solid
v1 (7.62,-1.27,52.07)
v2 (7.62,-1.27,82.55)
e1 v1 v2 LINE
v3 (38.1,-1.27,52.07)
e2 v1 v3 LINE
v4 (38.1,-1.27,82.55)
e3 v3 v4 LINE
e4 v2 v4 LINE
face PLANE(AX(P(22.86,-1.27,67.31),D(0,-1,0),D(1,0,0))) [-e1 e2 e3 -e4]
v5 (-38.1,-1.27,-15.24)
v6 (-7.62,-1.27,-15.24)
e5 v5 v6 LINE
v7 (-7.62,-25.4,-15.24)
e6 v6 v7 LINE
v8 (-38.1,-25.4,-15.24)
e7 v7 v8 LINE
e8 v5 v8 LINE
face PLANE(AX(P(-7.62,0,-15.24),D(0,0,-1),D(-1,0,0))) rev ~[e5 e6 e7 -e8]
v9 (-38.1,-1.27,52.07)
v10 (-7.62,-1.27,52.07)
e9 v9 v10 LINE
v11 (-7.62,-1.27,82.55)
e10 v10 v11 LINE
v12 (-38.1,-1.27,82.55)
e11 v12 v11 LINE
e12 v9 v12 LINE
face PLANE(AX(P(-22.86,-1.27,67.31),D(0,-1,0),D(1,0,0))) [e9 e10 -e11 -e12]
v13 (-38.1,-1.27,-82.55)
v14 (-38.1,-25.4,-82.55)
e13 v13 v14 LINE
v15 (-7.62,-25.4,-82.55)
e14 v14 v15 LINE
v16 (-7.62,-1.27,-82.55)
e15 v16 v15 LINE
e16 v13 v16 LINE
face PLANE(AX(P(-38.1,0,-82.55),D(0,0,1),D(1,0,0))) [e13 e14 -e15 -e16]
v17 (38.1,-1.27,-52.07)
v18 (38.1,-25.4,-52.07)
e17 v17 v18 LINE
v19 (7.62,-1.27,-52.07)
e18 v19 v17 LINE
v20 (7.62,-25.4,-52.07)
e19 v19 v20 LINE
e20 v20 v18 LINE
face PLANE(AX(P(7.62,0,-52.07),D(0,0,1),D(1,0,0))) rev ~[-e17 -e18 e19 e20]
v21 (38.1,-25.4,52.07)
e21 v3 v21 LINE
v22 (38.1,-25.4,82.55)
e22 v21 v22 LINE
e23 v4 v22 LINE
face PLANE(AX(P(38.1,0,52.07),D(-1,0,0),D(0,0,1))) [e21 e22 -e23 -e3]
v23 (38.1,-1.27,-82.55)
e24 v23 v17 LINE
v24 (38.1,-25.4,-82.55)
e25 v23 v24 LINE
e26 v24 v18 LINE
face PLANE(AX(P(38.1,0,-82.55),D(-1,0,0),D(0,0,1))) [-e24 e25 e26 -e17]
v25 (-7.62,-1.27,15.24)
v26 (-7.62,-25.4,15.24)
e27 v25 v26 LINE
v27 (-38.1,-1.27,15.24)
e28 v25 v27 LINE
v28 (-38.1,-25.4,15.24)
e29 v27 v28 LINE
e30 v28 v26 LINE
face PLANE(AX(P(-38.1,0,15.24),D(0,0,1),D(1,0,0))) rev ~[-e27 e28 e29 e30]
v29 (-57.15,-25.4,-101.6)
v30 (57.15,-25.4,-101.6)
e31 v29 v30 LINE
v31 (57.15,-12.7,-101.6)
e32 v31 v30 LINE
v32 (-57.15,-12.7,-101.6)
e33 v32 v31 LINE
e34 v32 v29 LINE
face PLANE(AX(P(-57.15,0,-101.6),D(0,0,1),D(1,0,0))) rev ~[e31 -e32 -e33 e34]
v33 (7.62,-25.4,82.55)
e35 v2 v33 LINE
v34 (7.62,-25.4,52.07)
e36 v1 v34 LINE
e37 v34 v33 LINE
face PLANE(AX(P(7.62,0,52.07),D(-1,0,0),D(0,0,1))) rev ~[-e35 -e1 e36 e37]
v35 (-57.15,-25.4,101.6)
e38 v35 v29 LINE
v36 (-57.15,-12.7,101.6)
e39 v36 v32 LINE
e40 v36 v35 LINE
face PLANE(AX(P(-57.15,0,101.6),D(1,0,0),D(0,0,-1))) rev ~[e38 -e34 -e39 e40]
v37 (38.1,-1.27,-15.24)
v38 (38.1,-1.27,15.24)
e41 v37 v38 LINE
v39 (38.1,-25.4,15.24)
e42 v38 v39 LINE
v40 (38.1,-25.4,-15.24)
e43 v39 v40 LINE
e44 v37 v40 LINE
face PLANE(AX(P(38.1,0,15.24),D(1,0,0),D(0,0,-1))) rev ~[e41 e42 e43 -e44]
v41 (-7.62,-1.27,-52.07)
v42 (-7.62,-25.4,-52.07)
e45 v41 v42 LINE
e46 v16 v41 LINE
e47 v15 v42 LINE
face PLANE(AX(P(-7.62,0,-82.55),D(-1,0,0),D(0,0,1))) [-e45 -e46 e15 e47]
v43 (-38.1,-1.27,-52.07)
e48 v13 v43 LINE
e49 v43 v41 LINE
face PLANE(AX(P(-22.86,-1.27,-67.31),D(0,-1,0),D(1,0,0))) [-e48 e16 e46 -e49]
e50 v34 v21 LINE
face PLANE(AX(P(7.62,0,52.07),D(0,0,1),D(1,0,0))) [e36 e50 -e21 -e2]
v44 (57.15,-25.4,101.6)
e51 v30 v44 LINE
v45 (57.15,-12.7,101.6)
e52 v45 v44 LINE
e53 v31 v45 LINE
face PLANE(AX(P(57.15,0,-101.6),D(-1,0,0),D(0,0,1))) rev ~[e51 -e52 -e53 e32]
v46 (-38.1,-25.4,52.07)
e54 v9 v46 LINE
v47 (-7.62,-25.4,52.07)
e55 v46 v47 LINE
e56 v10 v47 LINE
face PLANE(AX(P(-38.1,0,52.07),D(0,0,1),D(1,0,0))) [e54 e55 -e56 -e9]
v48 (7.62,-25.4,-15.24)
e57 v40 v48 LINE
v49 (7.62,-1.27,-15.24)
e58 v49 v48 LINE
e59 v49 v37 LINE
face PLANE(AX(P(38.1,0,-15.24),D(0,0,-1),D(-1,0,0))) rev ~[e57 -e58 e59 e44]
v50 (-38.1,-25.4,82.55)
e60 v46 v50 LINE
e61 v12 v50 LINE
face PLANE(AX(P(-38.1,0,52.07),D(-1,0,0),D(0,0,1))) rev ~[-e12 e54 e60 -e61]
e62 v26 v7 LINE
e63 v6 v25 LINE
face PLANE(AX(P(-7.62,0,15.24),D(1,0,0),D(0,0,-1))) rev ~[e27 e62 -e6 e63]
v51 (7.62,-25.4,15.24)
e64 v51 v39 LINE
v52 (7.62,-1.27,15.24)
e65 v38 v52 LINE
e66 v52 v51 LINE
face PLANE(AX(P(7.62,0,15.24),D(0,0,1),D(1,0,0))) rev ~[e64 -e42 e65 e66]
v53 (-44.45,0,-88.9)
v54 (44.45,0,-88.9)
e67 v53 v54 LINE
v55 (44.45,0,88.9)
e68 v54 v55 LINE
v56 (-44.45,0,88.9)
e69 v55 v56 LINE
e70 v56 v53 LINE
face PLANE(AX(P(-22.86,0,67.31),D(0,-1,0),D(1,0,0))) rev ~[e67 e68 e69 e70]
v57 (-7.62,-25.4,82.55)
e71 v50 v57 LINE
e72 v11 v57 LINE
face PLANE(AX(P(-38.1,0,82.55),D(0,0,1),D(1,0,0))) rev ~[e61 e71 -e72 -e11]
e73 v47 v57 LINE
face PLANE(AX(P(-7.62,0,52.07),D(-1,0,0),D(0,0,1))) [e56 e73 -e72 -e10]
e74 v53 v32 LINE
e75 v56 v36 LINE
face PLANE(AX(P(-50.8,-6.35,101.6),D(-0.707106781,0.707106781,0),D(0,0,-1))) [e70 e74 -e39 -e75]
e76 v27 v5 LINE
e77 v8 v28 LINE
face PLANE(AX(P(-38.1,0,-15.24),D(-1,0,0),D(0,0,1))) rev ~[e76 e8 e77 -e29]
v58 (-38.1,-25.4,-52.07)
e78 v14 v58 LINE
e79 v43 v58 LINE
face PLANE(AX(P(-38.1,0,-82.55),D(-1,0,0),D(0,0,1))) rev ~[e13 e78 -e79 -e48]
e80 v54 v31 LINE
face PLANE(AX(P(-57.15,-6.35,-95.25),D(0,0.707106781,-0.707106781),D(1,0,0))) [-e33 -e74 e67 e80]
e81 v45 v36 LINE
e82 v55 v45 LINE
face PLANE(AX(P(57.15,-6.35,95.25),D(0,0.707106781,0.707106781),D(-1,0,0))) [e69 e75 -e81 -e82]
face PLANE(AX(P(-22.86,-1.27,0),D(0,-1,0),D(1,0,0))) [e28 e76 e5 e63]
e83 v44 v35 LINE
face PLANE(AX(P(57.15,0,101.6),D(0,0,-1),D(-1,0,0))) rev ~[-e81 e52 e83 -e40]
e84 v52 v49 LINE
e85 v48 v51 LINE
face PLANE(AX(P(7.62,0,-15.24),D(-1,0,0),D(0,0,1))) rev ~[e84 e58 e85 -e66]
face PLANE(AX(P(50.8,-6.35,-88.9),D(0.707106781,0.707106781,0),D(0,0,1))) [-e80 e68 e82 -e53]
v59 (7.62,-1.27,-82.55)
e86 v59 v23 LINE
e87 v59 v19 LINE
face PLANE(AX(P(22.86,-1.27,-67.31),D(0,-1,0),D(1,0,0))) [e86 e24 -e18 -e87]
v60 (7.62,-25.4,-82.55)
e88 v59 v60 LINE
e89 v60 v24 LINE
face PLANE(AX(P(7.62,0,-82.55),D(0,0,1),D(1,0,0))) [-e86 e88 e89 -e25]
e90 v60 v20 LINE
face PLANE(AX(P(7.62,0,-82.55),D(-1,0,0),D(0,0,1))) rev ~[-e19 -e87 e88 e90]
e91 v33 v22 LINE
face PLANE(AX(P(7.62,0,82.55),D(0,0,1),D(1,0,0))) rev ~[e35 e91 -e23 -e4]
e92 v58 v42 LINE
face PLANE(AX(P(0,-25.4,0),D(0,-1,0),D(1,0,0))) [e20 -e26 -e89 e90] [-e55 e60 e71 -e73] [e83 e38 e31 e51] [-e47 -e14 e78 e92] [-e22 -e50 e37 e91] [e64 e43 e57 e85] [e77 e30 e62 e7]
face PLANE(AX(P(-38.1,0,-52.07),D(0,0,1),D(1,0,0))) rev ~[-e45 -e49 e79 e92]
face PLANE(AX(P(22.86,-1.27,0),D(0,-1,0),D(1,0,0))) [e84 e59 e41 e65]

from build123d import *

# Parameters (mm, degrees)
F0_W     = 30.48
F0_H     = 30.48
F1_DEPTH = 25.4
F2_DEPTH = 1.27
F3_SIZE  = 12.7
F4_SIZE  = 12.7


with BuildPart() as f1:
    # F0 (on Front) → F1 (new body)
    with BuildSketch(Plane.XZ):
        Polygon((57.15, 82.55), (57.15, 101.6), (38.1, 101.6), (-38.1, 101.6), (-57.15, 101.6), (-57.15, 82.55), (-57.15, 0), (-57.15, -82.55), (-57.15, -101.6), (-38.1, -101.6), (38.1, -101.6), (57.15, -101.6), (57.15, -82.55), (57.15, 0), align=None)
        with Locations((-22.86, -67.31)):
            Rectangle(F0_W, F0_H, mode=Mode.SUBTRACT)
        Polygon((-38.1, -15.24), (-38.1, 0), (-38.1, 15.24), (-7.62, 15.24), (-7.62, -15.24), align=None, mode=Mode.SUBTRACT)
        with Locations((22.86, -67.31)):
            Rectangle(F0_W, F0_H, mode=Mode.SUBTRACT)
        Polygon((38.1, 15.24), (38.1, 0), (38.1, -15.24), (7.62, -15.24), (7.62, 15.24), align=None, mode=Mode.SUBTRACT)
        with Locations((-22.86, 67.31)):
            Rectangle(F0_W, F0_H, mode=Mode.SUBTRACT)
        with Locations((22.86, 67.31)):
            Rectangle(F0_W, F0_H, mode=Mode.SUBTRACT)
    extrude(amount=F1_DEPTH)

    # F0 (on Front) → F2 (join)
    with BuildSketch(Plane.XZ):
        with Locations((-22.86, 67.31)):
            Rectangle(F0_W, F0_H)
        with Locations((22.86, 67.31)):
            Rectangle(F0_W, F0_H)
        Polygon((-38.1, 15.24), (-38.1, 0), (-38.1, -15.24), (-7.62, -15.24), (-7.62, 15.24), align=None)
        Polygon((38.1, -15.24), (38.1, 0), (38.1, 15.24), (7.62, 15.24), (7.62, -15.24), align=None)
        with Locations((-22.86, -67.31)):
            Rectangle(F0_W, F0_H)
        with Locations((22.86, -67.31)):
            Rectangle(F0_W, F0_H)
    extrude(amount=F2_DEPTH)

    # F3
    f3_edges = [f1.edges().sort_by_distance(p)[0] for p in [
        (0, 0, -101.6),
    ]]
    chamfer(f3_edges, length=F3_SIZE)

    # F4
    f4_edges = [f1.edges().sort_by_distance(p)[0] for p in [
        (-57.15, 0, 6.35),
        (0, 0, 101.6),
        (57.15, 0, 6.35),
    ]]
    chamfer(f4_edges, length=F4_SIZE)


solid = f1.part
